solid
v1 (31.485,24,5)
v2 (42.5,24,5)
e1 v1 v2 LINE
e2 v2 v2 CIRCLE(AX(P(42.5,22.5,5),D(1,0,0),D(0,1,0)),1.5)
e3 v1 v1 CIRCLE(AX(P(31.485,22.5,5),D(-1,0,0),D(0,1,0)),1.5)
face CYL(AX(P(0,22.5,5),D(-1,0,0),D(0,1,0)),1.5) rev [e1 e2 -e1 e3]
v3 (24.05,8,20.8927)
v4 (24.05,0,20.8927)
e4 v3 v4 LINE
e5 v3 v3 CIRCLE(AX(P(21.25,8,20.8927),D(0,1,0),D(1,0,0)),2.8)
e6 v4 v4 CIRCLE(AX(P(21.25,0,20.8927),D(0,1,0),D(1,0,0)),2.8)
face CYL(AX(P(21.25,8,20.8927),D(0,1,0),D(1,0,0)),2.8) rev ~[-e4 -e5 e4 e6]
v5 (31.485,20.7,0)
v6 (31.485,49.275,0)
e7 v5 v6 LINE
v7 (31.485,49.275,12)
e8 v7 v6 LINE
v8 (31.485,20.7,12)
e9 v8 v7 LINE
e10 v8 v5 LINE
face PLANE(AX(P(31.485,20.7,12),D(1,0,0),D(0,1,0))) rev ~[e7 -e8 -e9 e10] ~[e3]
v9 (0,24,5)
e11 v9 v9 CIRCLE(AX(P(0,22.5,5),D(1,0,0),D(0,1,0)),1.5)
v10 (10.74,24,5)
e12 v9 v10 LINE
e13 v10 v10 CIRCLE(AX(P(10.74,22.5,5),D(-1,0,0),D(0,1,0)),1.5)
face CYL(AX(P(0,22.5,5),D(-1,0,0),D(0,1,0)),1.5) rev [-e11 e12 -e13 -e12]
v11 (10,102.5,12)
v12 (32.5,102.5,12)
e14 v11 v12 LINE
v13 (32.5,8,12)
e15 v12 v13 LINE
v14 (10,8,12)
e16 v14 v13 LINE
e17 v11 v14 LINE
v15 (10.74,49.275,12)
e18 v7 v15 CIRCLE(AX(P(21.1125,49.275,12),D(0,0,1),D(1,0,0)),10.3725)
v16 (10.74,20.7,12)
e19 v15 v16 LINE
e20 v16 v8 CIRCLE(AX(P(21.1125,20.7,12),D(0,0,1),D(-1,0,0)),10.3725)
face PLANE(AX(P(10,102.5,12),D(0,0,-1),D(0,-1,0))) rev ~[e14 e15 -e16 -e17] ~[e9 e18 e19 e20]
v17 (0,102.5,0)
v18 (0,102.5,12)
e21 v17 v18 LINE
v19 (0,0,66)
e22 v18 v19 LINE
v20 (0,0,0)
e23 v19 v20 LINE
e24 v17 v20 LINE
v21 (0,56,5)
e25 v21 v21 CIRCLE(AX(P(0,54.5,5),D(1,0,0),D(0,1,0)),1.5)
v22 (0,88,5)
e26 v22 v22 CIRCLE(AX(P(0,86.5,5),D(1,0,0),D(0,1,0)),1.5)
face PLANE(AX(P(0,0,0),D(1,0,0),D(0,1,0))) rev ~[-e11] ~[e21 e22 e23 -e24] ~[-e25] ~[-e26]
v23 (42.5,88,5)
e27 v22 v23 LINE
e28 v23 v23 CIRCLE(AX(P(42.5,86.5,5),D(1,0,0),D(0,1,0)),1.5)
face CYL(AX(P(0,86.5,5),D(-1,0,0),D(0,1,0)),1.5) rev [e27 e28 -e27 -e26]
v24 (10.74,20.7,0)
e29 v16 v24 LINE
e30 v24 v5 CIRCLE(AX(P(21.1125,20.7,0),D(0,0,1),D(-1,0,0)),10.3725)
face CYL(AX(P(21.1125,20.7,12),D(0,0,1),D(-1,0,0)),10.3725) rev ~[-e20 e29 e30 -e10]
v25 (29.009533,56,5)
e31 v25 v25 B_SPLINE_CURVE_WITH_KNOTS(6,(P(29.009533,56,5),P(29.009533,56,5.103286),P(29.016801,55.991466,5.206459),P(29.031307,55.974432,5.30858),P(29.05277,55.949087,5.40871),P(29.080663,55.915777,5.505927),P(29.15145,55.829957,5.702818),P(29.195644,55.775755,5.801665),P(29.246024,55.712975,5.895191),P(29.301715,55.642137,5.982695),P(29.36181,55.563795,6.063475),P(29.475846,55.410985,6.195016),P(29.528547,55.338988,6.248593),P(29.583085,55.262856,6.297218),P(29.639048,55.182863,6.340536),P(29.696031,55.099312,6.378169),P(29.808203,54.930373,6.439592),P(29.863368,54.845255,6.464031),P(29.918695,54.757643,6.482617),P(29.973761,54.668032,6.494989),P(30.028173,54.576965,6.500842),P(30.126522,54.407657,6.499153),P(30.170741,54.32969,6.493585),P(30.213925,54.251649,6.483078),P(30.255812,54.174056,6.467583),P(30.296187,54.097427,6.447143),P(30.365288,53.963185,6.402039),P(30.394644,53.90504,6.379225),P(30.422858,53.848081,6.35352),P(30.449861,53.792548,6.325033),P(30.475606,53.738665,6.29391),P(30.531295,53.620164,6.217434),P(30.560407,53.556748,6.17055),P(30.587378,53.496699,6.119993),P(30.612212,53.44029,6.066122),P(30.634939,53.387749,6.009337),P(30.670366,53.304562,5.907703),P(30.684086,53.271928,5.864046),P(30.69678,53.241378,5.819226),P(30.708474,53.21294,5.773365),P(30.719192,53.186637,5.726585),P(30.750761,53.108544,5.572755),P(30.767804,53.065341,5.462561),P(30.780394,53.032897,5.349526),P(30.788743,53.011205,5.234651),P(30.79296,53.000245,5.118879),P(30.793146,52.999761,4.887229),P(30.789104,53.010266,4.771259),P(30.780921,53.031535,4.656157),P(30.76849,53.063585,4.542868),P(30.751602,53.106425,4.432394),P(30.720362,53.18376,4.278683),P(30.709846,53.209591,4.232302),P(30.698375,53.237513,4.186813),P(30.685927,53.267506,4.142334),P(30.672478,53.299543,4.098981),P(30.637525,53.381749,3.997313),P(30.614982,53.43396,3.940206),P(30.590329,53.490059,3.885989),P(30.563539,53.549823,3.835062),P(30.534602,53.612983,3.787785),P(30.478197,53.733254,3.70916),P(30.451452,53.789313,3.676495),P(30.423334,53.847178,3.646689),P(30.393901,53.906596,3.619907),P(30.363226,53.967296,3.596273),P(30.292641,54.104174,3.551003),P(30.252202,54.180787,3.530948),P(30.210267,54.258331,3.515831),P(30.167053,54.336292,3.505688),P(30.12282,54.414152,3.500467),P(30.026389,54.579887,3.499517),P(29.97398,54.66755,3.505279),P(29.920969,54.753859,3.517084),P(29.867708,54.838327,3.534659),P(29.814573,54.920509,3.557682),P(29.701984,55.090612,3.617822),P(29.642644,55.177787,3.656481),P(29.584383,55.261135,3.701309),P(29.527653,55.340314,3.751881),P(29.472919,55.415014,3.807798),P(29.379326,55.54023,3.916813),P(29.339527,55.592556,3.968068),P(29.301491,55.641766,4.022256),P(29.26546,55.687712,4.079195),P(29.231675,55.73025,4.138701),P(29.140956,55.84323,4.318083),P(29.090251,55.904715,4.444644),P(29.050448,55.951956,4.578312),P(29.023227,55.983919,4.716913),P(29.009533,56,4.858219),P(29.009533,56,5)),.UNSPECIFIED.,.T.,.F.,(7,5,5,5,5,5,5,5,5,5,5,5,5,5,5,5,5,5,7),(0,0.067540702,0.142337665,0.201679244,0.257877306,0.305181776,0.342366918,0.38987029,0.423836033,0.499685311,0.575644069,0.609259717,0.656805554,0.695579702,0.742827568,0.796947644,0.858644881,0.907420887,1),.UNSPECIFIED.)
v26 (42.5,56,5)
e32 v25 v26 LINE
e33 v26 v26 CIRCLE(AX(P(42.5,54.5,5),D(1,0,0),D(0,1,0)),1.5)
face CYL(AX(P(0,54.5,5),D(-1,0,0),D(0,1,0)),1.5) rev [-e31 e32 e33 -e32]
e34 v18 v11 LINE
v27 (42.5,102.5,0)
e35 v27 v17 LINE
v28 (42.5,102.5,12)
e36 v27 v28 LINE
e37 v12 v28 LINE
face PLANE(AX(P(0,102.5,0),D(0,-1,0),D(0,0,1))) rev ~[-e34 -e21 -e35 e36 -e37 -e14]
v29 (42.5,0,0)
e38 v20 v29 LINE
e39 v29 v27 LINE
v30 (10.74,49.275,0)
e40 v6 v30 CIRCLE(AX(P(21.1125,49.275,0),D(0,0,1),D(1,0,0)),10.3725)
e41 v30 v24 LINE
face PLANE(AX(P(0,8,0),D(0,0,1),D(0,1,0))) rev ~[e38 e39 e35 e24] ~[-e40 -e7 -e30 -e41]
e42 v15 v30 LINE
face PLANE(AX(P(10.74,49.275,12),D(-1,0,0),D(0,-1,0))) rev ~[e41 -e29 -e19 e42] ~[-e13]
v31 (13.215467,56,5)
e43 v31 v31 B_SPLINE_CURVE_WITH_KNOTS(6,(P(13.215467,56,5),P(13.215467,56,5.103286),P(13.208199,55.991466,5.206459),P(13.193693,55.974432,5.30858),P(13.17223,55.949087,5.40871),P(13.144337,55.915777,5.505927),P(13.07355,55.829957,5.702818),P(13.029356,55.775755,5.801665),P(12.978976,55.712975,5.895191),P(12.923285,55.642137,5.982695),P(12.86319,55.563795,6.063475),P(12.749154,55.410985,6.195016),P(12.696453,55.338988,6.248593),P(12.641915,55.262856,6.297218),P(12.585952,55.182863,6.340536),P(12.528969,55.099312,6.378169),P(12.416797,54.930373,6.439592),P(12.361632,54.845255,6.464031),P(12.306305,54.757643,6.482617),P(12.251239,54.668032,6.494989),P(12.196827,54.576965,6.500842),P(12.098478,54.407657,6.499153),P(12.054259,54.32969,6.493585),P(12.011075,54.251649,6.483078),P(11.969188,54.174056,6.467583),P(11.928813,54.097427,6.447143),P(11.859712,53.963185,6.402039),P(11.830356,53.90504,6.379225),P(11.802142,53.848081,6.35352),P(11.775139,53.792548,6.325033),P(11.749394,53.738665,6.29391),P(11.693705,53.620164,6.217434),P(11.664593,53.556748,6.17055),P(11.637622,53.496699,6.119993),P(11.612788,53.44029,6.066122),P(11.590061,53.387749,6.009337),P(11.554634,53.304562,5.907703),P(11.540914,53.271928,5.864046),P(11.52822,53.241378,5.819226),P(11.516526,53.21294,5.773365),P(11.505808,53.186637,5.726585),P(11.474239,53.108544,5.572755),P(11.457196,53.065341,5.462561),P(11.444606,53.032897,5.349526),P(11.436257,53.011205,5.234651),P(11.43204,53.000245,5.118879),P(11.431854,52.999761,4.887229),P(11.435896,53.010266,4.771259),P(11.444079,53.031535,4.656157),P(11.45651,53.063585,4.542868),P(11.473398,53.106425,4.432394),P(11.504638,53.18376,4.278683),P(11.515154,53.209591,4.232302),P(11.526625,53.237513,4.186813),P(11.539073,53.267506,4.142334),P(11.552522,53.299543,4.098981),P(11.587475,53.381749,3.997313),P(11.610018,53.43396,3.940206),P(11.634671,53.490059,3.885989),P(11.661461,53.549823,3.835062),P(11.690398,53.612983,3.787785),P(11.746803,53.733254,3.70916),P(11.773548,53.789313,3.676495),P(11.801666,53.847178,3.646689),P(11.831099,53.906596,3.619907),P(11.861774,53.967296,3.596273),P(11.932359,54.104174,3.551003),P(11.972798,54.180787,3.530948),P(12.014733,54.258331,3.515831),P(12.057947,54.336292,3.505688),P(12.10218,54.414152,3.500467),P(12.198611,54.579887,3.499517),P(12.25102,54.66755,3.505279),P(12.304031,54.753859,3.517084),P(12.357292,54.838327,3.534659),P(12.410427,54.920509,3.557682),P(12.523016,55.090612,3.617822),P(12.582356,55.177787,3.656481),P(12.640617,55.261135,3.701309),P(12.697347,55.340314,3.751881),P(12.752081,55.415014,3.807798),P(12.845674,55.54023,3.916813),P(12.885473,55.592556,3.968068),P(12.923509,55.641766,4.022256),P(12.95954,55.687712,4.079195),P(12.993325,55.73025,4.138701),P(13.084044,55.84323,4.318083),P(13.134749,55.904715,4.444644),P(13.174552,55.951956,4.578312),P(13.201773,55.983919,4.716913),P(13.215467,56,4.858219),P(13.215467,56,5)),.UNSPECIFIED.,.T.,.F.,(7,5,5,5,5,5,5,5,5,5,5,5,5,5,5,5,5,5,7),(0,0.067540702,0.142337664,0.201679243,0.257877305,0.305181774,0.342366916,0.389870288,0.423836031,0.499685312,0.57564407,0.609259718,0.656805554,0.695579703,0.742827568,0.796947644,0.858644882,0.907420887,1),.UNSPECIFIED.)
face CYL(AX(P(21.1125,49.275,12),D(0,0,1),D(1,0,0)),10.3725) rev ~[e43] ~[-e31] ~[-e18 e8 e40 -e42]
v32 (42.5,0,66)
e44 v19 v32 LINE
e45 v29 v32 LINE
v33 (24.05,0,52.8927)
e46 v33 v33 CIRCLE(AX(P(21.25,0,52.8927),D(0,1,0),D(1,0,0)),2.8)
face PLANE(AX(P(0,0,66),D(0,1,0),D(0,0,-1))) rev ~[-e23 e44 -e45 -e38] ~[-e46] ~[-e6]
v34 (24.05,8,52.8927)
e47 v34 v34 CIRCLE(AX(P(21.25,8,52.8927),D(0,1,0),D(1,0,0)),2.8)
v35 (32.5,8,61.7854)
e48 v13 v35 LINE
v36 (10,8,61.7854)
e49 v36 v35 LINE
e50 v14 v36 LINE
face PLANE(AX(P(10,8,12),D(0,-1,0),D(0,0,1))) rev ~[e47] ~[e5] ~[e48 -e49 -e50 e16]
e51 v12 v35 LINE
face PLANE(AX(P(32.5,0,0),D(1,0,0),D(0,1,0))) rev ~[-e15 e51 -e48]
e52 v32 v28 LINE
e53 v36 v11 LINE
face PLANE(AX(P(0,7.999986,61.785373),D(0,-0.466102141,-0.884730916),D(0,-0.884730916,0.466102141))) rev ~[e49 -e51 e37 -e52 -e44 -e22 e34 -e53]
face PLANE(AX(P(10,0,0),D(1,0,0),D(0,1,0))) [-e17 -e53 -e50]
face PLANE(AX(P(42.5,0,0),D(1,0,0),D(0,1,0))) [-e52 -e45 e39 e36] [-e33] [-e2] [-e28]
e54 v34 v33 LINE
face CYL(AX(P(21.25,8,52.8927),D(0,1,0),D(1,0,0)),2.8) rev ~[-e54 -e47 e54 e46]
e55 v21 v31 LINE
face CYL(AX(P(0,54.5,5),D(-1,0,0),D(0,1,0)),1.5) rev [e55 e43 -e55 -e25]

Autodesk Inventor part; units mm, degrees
ref_plane "YZ Plane" through (0, 0, 0) normal (1, 0, 0) x (0, 1, 0)
ref_plane "XZ Plane" through (0, 0, 0) normal (0, 1, 0) x (-1, 0, 0)
ref_plane "XY Plane" through (0, 0, 0) normal (0, 0, 1) x (1, 0, 0)
sketch "Sketch1" plane through (0, 0, 0) normal (1, 0, 0) x (0, 1, 0)
  line L0 (0, 66) -> (0, 0)
  line L1 (-57.5, 0) -> (326.5, 0) construction
  line L2 (102.5, 12) -> (0, 12)
  circle A0 centre (6.5, 5) radius 1.5
  circle A1 centre (22.5, 5) radius 1.5
  circle A2 centre (38.5, 5) radius 1.5
  circle A3 centre (54.5, 5) radius 1.5
  circle A4 centre (70.5, 5) radius 1.5
  circle A5 centre (86.5, 5) radius 1.5
  line L3 (0, 0) -> (102.5, 0)
  line L4 (102.5, 0) -> (102.5, 12)
  line L5 (102.5, 66) -> (0, 66) construction
  line L6 (0, 66) -> (0, 0)
  line L7 (102.5, 12) -> (102.5, 66) construction
  line L8 (102.5, 12) -> (0, 66)
  line L9 (8, 0) -> (8, 61.7854)
  point P0 (8, 12)
  dimension "d0" = 12
  dimension "d1" = 3
  dimension "d2" = 5
  dimension "d3" = 6.5
  dimension "d6" = 16
  dimension "d11" = 16
  dimension "d12" = 66
  dimension "d19" = 8
extrude "Extrusion1" add sketch "Sketch1" along normal blind 10 contours L8 L9 L2 L0 | A0 | L2 L9 L3 L0 | L8 L2 L9 | L2 L4 L3 L9 | A2 | A4
extrude "Extrusion2" add sketch "Sketch1" along normal blind 22.5 from surface at 10 contours L8 L9 L2 L0 | A0 | L2 L9 L3 L0 | L2 L4 L3 L9 | A2 | A4
extrude "Extrusion3" add sketch "Sketch1" along normal blind 10 from surface at 32.5 contours L8 L9 L2 L0 | A0 | L2 L9 L3 L0 | L8 L2 L9 | L2 L4 L3 L9 | A2 | A4
sketch "Sketch2" plane through (10, 8, 61.7854) normal (0, 1, 0) x (1, 0, 0)
  line L0 (22.5, 0) -> (22.5, 49.7854) projected
  line L1 (0, 49.7854) -> (22.5, 49.7854) projected
  line L2 (0, 0) -> (0, 49.7854) projected
  line L3 (0, 0) -> (22.5, 0) projected
  circle A0 centre (11.25, 40.8927) radius 2.8
  circle A1 centre (11.25, 8.8927) radius 2.8
  line L4 (0, 49.7854) -> (22.5, 49.7854) construction
  line L5 (11.25, 49.7854) -> (11.25, 0) construction
  line L6 (0, 0) -> (22.5, 0) construction
  point P0 (-10, 61.7854)
  dimension "d20" = 5.6
  dimension "d21" = 8.8927
  dimension "d22" = 49.7854
  dimension "d23" = 32
extrude "Extrusion4" cut sketch "Sketch2" against normal blind 22.5 contours A0 | A1
sketch "Sketch3" plane through (10, 8, 12) normal (0, 0, 1) x (1, 0, 0)
  line L0 (11.1125, 41.275) -> (11.1125, 12.7) construction
  line L1 (0.74, 41.275) -> (0.74, 12.7)
  line L2 (21.485, 12.7) -> (21.485, 41.275)
  arc A0 (21.485, 41.275) -> (0.74, 41.275) centre (11.1125, 41.275) ccw
  arc A1 (0.74, 12.7) -> (21.485, 12.7) centre (11.1125, 12.7) ccw
  point P0 (-10, -8)
  point P1 (11.1125, 26.9875)
extrude "Extrusion5" cut sketch "Sketch3" against normal through all
equation "\"d21\" = -0.5 * d23 + 0.5 * d22"
properties part number "Slide Support"
